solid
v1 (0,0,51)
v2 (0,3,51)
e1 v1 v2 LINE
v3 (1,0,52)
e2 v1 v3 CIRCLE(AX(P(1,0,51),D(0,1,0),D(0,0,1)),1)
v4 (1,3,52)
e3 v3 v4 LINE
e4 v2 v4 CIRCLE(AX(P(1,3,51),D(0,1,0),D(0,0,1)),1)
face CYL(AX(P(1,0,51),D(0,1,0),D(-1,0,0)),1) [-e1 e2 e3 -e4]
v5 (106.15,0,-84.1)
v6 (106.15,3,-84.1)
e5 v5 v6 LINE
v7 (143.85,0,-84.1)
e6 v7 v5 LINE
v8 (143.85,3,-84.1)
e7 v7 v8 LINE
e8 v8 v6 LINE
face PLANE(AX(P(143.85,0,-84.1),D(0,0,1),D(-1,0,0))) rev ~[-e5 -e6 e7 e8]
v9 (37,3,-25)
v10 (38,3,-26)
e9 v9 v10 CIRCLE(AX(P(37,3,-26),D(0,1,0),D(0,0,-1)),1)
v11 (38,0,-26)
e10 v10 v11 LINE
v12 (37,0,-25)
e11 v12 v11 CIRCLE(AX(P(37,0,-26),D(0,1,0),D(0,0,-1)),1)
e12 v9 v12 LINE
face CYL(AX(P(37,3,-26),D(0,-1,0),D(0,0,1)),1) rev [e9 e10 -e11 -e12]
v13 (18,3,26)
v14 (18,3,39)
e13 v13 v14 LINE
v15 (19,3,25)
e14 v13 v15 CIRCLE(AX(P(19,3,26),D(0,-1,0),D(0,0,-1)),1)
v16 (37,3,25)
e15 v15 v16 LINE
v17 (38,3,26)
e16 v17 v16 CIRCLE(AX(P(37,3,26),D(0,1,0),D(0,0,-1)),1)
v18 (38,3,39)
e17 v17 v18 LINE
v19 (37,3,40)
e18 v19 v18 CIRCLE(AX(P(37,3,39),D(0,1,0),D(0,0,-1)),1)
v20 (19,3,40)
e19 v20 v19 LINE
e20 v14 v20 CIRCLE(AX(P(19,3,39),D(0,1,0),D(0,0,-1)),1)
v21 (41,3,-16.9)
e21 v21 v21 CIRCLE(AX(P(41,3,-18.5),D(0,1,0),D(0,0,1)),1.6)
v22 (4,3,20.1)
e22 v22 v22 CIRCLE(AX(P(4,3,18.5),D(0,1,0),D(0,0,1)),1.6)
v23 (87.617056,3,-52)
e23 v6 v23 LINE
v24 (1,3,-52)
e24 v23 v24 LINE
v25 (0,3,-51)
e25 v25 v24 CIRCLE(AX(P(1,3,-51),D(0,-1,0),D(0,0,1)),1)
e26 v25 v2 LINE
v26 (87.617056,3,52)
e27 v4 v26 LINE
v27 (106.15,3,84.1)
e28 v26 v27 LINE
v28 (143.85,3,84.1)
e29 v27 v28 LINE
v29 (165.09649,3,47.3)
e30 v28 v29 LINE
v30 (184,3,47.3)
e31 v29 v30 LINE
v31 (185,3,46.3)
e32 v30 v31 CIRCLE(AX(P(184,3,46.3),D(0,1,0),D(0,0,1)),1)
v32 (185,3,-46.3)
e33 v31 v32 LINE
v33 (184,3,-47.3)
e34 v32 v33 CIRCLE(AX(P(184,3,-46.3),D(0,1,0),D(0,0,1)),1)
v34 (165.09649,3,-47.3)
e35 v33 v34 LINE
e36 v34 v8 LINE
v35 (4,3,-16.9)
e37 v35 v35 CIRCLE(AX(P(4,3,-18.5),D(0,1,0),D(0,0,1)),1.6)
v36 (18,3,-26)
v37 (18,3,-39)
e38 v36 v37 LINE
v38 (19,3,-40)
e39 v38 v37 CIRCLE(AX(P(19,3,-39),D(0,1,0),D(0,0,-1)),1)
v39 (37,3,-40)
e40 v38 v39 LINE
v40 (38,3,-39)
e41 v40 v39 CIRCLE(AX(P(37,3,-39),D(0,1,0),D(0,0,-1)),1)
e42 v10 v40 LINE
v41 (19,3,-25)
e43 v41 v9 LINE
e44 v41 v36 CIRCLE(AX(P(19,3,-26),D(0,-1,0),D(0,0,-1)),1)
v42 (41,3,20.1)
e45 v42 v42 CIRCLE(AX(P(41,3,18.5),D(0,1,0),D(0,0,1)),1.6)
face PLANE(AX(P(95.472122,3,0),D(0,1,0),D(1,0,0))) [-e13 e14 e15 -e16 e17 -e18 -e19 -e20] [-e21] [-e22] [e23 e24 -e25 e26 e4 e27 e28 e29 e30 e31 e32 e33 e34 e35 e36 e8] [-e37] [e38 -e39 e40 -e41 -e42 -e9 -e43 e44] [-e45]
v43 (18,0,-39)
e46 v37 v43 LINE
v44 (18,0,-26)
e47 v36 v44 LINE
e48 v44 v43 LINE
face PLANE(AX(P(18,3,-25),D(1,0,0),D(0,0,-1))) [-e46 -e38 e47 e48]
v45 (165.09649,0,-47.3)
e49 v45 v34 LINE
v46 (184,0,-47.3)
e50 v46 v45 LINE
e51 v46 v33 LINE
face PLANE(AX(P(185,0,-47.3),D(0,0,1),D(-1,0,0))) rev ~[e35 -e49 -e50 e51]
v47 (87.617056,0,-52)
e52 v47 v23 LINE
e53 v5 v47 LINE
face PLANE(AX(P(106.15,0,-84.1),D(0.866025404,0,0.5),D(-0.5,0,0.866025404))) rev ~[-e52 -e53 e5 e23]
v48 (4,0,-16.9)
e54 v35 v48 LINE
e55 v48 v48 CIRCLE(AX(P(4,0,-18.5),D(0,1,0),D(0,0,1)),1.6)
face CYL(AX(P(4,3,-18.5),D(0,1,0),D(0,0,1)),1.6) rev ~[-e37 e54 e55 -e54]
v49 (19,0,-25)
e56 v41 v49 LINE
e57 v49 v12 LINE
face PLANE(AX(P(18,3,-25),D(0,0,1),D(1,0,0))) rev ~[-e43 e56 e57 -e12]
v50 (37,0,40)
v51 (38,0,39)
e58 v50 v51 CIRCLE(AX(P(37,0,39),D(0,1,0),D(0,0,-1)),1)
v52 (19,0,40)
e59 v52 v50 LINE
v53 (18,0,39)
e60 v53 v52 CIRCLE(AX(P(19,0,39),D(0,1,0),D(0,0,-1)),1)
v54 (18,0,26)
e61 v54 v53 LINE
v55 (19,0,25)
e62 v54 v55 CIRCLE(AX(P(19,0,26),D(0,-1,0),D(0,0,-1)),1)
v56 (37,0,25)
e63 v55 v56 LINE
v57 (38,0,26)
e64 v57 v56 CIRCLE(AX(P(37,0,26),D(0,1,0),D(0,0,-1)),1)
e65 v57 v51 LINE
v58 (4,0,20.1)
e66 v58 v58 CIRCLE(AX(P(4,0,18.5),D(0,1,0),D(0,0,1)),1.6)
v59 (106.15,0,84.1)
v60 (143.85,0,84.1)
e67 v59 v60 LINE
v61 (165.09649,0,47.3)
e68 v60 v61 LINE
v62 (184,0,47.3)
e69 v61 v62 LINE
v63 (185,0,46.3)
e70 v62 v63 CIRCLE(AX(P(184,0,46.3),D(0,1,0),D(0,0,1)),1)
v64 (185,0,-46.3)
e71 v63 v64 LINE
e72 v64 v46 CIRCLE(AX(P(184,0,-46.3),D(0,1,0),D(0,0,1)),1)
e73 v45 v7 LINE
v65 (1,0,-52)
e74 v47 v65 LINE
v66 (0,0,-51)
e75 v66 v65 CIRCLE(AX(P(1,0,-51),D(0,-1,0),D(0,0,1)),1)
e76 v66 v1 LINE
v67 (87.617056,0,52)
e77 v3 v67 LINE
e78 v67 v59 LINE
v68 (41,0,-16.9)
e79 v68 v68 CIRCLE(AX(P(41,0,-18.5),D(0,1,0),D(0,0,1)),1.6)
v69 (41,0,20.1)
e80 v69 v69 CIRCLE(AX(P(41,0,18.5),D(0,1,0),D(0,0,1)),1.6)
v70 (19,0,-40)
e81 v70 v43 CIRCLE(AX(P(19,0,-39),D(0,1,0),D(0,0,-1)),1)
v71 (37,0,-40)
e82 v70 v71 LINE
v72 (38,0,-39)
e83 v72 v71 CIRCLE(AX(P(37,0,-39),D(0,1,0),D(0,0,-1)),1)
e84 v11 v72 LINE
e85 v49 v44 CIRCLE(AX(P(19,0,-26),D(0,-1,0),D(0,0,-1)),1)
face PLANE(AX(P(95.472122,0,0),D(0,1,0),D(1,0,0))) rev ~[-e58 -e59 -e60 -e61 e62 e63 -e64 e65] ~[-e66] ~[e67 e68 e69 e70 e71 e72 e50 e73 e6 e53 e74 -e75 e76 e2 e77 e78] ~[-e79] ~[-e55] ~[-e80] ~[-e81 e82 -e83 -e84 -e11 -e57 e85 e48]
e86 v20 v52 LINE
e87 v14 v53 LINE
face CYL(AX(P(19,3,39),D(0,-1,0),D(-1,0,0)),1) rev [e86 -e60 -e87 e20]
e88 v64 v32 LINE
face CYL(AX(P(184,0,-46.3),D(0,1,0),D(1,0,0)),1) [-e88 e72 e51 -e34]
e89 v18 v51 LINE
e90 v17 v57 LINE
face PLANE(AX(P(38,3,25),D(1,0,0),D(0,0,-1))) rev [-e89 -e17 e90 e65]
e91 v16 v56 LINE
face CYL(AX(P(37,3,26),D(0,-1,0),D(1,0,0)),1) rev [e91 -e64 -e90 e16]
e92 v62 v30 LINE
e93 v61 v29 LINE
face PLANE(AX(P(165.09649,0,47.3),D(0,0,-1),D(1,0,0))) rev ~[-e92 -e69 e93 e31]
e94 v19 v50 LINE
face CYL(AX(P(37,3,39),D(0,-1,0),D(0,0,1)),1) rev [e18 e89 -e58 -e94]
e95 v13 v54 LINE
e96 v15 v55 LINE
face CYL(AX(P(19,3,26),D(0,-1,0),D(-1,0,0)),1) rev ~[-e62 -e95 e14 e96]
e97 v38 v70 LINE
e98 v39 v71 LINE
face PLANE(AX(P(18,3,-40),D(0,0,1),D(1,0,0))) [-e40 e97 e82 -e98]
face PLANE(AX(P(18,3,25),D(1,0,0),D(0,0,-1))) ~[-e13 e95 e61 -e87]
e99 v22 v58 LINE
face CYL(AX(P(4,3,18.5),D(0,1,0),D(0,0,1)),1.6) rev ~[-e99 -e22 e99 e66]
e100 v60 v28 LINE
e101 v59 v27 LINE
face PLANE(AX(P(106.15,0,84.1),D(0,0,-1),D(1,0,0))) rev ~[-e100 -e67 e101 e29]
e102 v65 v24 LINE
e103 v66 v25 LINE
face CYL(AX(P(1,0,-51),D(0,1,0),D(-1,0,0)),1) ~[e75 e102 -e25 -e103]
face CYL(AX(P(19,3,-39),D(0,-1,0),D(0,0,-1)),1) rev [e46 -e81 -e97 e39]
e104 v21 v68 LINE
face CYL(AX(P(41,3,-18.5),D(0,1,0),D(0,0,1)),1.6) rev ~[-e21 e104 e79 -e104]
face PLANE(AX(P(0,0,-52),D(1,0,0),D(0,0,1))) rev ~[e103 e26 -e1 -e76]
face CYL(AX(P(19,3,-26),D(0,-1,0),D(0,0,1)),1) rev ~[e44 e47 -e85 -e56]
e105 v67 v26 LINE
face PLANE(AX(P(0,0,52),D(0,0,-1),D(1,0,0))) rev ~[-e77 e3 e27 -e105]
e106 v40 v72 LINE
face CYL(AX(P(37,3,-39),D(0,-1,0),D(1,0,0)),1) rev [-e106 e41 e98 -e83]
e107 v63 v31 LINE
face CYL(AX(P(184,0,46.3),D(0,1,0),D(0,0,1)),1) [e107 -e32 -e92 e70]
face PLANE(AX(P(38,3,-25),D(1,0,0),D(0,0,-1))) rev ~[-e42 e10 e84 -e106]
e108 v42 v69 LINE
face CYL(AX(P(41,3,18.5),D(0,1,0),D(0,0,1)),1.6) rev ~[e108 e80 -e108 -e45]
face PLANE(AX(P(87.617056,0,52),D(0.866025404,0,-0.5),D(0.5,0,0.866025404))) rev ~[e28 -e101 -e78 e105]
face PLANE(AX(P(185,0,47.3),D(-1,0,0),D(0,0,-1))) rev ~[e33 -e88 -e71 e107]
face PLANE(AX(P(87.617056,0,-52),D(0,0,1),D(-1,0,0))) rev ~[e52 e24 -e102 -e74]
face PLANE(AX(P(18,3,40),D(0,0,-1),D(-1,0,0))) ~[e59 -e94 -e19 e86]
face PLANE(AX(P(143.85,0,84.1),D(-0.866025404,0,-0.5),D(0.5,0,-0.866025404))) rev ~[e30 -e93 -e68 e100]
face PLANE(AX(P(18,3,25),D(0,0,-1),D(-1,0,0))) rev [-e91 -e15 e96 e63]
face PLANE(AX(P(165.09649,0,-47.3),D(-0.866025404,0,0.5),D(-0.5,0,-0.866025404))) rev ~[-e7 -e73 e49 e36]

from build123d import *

# Parameters (mm, degrees)
BOSS_EXTRUDE1_DEPTH                        = 3
FILLET1_R                                  = 1
SKETCH2_R                                  = 1.6
MOTOR_DRIVER_HOLES_DEPTH                   = 204.240768548
SKETCH3_W                                  = 20
SKETCH3_H                                  = 15
MOTOR_DRIVER_ROUTING_POCKET_DEPTH          = 204.240768548
MOTOR_DRIVER_ROUTING_POCKET_FILLETS_R      = 1
MOTOR_DRIVER_ROUTING_POCKET_FILLETS_OF_M_R = 1


with BuildPart() as part:
    # Sketch1 → Boss-Extrude1 (new body)
    with BuildSketch(Plane(origin=(0, 0, 0), x_dir=(1, 0, 0), z_dir=(0, 1, 0))):
        Polygon((0, 52), (0, -52), (87.617056359, -52), (106.15, -84.1), (143.85, -84.1), (165.096489906, -47.3), (185, -47.3), (185, 47.3), (165.096489906, 47.3), (143.85, 84.1), (106.15, 84.1), (87.617056359, 52), align=None)
    extrude(amount=BOSS_EXTRUDE1_DEPTH)

    # Fillet1
    fillet1_edges = [part.edges().sort_by_distance(p)[0] for p in [
        (185, 1.5, -47.3),
        (185, 1.5, 47.3),
        (0, 1.5, 52),
        (0, 1.5, -52),
    ]]
    fillet(fillet1_edges, radius=FILLET1_R)

    # Sketch2 → Motor Driver Holes (cut, through all)
    with BuildSketch(Plane(origin=(0, 3, 0), x_dir=(1, 0, 0), z_dir=(0, 1, 0))):
        with Locations(Location((4, 18.5, 0), (0, 0, 270))):
            Circle(SKETCH2_R)
        with Locations(Location((41, 18.5, 0), (0, 0, 270))):
            Circle(SKETCH2_R)
        with Locations(Location((4, -18.5, 0), (0, 0, 270))):
            Circle(SKETCH2_R)
        with Locations(Location((41, -18.5, 0), (0, 0, 270))):
            Circle(SKETCH2_R)
    extrude(amount=-MOTOR_DRIVER_HOLES_DEPTH, mode=Mode.SUBTRACT)

    # Sketch3 → Motor Driver Routing Pocket (cut, through all)
    with BuildSketch(Plane(origin=(0, 3, 0), x_dir=(1, 0, 0), z_dir=(0, 1, 0))):
        with Locations((28, 32.5)):
            Rectangle(SKETCH3_W, SKETCH3_H)
    motor_driver_routing_pocket = extrude(amount=-MOTOR_DRIVER_ROUTING_POCKET_DEPTH, mode=Mode.SUBTRACT)

    # Motor Driver Routing Pocket Fillets
    motor_driver_routing_pocket_fillets_edges = [part.edges().sort_by_distance(p)[0] for p in [
        (38, 1.5, -40),
        (38, 1.5, -25),
        (18, 1.5, -25),
        (18, 1.5, -40),
    ]]
    fillet(motor_driver_routing_pocket_fillets_edges, radius=MOTOR_DRIVER_ROUTING_POCKET_FILLETS_R)

    # Mirror1: Motor Driver Routing Pocket across plane
    add(motor_driver_routing_pocket.mirror(Plane.XY), mode=Mode.SUBTRACT)

    # Motor Driver Routing Pocket Fillets of M
    motor_driver_routing_pocket_fillets_of_m_edges = [part.edges().sort_by_distance(p)[0] for p in [
        (38, 1.5, 40),
        (38, 1.5, 25),
        (18, 1.5, 25),
        (18, 1.5, 40),
    ]]
    fillet(motor_driver_routing_pocket_fillets_of_m_edges, radius=MOTOR_DRIVER_ROUTING_POCKET_FILLETS_OF_M_R)


solid = part.part
